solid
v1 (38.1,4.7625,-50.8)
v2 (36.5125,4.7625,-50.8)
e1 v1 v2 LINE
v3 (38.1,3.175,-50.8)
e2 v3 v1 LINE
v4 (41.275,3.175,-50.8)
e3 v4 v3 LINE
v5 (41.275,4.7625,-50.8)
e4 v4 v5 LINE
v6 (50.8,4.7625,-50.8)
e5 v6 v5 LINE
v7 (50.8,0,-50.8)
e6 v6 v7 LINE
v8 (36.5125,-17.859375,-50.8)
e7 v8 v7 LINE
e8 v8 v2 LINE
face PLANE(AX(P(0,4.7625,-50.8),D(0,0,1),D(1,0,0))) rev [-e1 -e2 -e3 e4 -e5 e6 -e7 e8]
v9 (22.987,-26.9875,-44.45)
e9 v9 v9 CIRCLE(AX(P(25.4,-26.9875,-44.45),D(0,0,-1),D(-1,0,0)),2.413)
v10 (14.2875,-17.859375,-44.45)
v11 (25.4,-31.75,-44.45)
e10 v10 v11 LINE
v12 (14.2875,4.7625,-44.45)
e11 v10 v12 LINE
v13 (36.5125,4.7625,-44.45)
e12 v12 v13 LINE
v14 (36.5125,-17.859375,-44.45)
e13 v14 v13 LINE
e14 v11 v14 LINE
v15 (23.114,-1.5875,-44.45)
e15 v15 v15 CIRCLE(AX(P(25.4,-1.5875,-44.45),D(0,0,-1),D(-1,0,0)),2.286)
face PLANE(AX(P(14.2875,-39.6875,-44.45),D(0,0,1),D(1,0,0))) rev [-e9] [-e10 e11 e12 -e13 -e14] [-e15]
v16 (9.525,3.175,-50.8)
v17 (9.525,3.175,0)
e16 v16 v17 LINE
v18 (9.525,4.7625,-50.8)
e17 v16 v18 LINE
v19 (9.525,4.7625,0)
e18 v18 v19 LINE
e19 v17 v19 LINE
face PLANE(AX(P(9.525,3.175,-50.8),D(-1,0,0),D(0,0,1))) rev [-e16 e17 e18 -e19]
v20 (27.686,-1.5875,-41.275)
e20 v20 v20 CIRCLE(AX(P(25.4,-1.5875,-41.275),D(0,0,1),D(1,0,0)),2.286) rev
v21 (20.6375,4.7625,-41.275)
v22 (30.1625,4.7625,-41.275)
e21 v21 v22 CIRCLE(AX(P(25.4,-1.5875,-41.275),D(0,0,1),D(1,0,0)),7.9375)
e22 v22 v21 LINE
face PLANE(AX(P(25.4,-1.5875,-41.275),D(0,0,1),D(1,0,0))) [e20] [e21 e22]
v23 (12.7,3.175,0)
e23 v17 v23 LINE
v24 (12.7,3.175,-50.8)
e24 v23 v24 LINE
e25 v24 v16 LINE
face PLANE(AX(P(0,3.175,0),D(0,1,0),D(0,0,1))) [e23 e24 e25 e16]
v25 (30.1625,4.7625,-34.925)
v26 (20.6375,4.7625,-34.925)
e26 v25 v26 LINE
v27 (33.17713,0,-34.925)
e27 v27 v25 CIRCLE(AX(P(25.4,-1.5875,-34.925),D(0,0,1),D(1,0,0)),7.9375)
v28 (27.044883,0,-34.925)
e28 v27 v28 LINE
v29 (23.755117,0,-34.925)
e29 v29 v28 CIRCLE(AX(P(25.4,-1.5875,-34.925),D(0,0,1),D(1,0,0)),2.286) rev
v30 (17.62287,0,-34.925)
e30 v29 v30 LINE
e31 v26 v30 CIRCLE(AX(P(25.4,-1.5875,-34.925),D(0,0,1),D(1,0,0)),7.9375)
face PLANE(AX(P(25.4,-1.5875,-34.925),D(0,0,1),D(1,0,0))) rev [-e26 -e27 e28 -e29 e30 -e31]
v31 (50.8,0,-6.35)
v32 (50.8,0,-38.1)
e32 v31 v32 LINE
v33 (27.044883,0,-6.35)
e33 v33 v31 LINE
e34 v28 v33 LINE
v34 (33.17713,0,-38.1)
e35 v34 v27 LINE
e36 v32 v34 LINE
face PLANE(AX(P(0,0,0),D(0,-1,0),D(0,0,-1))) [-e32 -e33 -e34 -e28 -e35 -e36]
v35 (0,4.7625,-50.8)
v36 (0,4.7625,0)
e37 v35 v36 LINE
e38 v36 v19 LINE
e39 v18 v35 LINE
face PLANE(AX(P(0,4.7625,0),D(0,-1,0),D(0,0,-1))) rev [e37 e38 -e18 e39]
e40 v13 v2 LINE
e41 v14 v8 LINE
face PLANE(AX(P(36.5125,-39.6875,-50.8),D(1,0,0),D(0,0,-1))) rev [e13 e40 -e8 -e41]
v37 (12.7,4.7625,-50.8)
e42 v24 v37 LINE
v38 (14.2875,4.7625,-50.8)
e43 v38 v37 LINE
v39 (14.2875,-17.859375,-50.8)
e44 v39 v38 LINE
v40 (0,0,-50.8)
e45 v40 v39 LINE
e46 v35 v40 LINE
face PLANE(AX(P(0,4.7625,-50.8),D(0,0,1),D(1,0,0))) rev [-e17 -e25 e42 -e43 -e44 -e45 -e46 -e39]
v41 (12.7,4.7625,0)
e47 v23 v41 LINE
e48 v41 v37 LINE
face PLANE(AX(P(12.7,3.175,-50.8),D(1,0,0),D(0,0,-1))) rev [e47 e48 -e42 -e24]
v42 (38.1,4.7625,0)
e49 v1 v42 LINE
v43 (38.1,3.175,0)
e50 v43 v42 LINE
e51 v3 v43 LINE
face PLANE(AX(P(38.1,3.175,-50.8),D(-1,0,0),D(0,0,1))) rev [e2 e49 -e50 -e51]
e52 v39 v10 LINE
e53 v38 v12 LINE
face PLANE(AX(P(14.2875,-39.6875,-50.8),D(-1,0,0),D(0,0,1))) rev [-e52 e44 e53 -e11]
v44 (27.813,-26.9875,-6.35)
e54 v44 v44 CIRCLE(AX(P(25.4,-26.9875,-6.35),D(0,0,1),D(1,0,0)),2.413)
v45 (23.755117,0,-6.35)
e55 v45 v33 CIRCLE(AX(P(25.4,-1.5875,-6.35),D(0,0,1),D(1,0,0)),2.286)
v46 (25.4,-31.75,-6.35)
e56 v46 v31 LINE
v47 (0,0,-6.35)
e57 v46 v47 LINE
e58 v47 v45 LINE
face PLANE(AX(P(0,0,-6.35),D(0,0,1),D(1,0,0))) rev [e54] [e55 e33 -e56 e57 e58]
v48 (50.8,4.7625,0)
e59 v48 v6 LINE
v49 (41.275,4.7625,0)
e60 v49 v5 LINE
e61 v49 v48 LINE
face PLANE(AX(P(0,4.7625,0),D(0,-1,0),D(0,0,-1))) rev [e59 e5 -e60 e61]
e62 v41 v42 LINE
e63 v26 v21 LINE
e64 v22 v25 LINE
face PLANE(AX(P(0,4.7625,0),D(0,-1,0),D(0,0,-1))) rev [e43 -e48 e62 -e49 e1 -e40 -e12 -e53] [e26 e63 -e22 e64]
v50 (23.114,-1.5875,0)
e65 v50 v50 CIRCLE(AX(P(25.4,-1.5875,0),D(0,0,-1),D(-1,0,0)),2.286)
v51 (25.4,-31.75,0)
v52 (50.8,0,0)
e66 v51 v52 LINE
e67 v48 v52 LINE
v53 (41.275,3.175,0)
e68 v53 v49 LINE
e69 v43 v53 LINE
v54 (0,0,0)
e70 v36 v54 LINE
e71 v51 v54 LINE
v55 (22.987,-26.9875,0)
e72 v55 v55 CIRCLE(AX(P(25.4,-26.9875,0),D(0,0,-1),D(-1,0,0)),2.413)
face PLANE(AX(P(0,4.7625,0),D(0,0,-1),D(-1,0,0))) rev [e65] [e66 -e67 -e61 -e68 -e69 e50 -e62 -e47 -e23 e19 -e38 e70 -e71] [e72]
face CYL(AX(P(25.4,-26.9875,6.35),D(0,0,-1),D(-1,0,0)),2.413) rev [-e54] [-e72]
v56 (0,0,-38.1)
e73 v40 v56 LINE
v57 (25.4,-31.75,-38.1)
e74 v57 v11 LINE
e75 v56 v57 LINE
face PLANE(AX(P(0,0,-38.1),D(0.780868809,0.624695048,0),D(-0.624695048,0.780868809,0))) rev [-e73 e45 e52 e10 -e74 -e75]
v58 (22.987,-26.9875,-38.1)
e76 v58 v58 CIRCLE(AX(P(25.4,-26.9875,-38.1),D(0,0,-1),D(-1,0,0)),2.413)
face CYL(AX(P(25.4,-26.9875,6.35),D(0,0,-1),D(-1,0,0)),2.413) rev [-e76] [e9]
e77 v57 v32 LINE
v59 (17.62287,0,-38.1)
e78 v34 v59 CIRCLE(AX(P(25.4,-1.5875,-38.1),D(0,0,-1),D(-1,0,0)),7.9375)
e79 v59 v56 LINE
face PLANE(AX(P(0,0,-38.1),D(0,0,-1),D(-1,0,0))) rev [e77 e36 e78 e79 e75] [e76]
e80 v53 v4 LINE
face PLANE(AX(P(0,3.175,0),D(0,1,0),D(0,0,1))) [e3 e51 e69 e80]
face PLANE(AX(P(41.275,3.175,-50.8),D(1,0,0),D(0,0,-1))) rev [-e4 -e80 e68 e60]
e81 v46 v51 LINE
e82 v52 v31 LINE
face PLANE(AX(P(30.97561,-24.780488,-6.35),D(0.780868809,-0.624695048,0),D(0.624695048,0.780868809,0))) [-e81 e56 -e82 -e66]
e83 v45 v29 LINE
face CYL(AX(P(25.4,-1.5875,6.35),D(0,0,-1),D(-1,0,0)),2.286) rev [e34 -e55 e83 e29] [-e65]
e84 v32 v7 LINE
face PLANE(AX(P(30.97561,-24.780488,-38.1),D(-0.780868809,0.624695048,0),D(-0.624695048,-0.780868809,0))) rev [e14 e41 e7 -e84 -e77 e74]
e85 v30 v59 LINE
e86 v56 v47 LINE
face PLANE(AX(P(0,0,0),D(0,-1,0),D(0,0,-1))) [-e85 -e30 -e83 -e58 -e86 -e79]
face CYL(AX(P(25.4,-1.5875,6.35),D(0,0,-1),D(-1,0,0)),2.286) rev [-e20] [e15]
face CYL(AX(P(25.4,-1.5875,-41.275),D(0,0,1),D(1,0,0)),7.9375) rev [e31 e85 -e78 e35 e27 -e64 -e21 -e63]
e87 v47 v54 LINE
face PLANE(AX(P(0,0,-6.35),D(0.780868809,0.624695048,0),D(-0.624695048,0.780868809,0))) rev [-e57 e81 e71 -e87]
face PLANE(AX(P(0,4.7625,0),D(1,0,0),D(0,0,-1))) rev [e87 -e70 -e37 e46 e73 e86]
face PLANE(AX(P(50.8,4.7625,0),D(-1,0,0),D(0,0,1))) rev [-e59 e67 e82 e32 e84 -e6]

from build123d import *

# Parameters (mm, degrees)
SKETCH2_W               = 50.8
SKETCH2_H               = 50.8
BOSS_EXTRUDE1_DEPTH     = 4.7625
SKETCH3_W               = 3.175
SKETCH3_H               = 50.8
CUT_EXTRUDE1_DEPTH      = 1.5875
BOSS_EXTRUDE2_DEPTH     = 6.35
BOSS_EXTRUDE3_DEPTH     = 12.7
SKETCH6_W               = 22.225
SKETCH6_H               = 6.35
CUT_EXTRUDE2_DEPTH      = 44.45
SKETCH7_R               = 2.413
SKETCH7_R_2             = 2.286
CUT_EXTRUDE3_DEPTH      = 50.8
CUT_EXTRUDE4_DEPTH      = 3.175
CUT_EXTRUDE4_DEPTH_BACK = 3.175
SKETCH8_R               = 7.9375


with BuildPart() as part:
    # Sketch2 → Boss-Extrude1 (new body)
    with BuildSketch(Plane(origin=(0, 0, 0), x_dir=(1, 0, 0), z_dir=(0, 1, 0))):
        with Locations((25.4, 25.4)):
            Rectangle(SKETCH2_W, SKETCH2_H)
    extrude(amount=BOSS_EXTRUDE1_DEPTH)

    # Sketch3 → Cut-Extrude1 (cut)
    with BuildSketch(Plane(origin=(0, 4.7625, 0), x_dir=(1, 0, 0), z_dir=(0, 1, 0))):
        with Locations((11.1125, 25.4)):
            Rectangle(SKETCH3_W, SKETCH3_H)
        with Locations((39.6875, 25.4)):
            Rectangle(SKETCH3_W, SKETCH3_H)
    extrude(amount=-CUT_EXTRUDE1_DEPTH, mode=Mode.SUBTRACT)

    # Sketch4 → Boss-Extrude2 (add)
    with BuildSketch(Plane.XY):
        Polygon((50.8, 0), (25.4, 0), (25.4, -31.75), align=None)
        Polygon((25.4, 0), (0, 0), (25.4, -31.75), align=None)
    extrude(amount=-BOSS_EXTRUDE2_DEPTH)

    # Sketch5 → Boss-Extrude3 (add)
    with BuildSketch(Plane(origin=(0, 0, -50.8), x_dir=(-1, 0, 0), z_dir=(0, 0, -1))):
        Polygon((-25.4, 0), (-50.8, 0), (-25.4, -31.75), align=None)
        Polygon((0, 0), (-25.4, 0), (-25.4, -31.75), align=None)
    extrude(amount=-BOSS_EXTRUDE3_DEPTH)

    # Sketch6 → Cut-Extrude2 (cut)
    with BuildSketch(Plane(origin=(0, 4.7625, 0), x_dir=(1, 0, 0), z_dir=(0, 1, 0))):
        with Locations((25.4, 47.625)):
            Rectangle(SKETCH6_W, SKETCH6_H)
    extrude(amount=-CUT_EXTRUDE2_DEPTH, mode=Mode.SUBTRACT)

    # Sketch7 → Cut-Extrude3 (cut)
    with BuildSketch(Plane(origin=(0, 0, -44.45), x_dir=(-1, 0, 0), z_dir=(0, 0, -1))):
        with Locations((-25.4, -26.9875)):
            Circle(SKETCH7_R)
        with Locations((-25.4, -1.5875)):
            Circle(SKETCH7_R_2)
    extrude(amount=-CUT_EXTRUDE3_DEPTH, mode=Mode.SUBTRACT)

    # Sketch8 → Cut-Extrude4 (cut, two sides: drawn at the far end of the back side and taken through both)
    with BuildSketch(Plane.XY.offset(-38.1).offset(-CUT_EXTRUDE4_DEPTH_BACK)):
        with Locations((25.4, -1.5875)):
            Circle(SKETCH8_R)
    extrude(amount=CUT_EXTRUDE4_DEPTH + CUT_EXTRUDE4_DEPTH_BACK, mode=Mode.SUBTRACT)


solid = part.part
